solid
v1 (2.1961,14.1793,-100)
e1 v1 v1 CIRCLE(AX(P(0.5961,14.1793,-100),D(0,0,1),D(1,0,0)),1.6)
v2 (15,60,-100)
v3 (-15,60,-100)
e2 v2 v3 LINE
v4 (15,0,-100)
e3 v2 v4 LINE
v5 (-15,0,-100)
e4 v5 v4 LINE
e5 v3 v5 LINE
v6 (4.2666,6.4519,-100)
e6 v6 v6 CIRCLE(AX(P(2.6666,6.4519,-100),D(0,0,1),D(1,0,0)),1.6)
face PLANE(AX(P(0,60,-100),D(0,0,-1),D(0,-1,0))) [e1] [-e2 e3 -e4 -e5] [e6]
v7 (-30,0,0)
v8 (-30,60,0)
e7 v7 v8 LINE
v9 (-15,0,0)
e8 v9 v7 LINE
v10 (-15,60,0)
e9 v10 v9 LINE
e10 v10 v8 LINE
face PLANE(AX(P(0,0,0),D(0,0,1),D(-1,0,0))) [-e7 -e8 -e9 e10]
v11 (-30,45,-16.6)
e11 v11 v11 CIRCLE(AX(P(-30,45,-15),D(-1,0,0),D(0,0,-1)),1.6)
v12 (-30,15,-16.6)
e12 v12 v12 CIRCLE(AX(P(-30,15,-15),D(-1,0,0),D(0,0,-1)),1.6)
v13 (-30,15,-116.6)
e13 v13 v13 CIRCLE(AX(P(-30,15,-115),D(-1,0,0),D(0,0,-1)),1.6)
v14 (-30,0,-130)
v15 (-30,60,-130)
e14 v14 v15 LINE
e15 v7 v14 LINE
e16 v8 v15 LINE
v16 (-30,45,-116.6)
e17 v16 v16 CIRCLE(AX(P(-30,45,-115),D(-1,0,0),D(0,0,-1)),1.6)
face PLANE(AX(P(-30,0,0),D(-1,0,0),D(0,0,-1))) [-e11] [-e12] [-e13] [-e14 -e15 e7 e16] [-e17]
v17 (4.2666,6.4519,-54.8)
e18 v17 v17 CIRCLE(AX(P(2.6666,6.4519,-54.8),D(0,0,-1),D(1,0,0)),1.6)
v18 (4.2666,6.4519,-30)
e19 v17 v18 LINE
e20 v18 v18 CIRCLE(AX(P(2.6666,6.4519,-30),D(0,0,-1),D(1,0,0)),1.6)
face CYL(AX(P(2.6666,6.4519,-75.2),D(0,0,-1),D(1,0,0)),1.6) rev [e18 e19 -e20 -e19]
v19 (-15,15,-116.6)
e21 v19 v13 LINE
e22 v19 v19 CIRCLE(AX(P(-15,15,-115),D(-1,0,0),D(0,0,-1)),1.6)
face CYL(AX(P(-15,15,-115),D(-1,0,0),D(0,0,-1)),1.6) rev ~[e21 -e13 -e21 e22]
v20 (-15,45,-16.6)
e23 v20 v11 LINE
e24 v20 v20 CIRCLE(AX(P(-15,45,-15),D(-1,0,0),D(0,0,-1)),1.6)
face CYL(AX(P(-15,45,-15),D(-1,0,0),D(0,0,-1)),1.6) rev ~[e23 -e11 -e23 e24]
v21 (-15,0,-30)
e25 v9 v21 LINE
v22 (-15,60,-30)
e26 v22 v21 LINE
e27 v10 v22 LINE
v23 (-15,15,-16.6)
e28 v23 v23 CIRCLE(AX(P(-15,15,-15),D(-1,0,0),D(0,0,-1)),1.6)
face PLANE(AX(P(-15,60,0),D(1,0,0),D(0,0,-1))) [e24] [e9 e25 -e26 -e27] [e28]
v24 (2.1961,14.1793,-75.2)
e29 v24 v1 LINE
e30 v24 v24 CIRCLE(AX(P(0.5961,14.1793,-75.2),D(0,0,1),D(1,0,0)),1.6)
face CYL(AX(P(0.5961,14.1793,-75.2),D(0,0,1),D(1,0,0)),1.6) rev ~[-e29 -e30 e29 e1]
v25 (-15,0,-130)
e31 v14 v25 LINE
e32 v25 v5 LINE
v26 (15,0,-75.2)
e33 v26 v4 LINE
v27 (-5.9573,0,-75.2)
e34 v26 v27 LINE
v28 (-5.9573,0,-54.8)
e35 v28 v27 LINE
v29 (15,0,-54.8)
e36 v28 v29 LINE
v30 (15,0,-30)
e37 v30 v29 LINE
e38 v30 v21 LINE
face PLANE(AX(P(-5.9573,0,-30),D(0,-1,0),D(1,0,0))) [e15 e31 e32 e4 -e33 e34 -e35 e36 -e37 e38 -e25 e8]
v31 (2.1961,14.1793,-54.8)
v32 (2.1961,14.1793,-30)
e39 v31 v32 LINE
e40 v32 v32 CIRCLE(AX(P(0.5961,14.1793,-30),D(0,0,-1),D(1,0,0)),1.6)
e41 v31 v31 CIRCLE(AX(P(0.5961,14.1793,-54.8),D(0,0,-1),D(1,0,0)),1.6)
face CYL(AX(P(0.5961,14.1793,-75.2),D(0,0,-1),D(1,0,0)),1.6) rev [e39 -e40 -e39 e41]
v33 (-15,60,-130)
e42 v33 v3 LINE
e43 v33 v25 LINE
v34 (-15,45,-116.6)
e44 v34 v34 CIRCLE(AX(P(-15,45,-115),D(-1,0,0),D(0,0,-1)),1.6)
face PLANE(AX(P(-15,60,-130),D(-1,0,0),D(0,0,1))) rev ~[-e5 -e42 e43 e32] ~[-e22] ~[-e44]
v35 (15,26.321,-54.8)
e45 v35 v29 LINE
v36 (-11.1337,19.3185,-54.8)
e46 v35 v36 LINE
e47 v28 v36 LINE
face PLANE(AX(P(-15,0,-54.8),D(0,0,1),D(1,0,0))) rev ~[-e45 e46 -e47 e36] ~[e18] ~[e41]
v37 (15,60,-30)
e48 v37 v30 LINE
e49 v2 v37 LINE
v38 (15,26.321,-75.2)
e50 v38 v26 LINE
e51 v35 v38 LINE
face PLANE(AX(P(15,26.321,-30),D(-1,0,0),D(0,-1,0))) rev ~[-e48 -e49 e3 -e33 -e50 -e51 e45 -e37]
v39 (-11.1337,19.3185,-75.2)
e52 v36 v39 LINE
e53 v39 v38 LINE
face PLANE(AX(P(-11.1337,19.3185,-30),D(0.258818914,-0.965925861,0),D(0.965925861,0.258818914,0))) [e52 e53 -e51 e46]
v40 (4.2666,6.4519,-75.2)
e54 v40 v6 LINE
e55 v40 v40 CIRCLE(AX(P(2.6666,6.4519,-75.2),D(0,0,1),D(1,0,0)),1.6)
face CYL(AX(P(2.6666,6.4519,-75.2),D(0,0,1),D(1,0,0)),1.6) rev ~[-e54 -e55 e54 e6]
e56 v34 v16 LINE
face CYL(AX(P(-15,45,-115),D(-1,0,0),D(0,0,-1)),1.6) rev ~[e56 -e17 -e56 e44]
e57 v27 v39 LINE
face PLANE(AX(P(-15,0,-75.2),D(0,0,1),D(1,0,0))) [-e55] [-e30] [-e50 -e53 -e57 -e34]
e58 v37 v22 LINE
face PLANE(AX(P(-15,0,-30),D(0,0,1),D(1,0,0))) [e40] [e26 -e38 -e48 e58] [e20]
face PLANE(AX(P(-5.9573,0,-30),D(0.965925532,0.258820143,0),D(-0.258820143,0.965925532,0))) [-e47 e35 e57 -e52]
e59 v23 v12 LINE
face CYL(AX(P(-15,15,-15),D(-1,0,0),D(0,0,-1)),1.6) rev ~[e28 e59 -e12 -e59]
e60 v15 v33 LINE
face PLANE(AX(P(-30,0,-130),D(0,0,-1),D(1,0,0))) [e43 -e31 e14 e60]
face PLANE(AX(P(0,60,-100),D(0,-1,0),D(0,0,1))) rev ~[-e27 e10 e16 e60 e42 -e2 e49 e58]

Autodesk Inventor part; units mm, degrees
ref_plane "YZ Plane" through (0, 0, 0) normal (1, 0, 0) x (0, 1, 0)
ref_plane "XZ Plane" through (0, 0, 0) normal (0, 1, 0) x (-1, 0, 0)
ref_plane "XY Plane" through (0, 0, 0) normal (0, 0, 1) x (1, 0, 0)
sketch "スケッチ1" plane through (0, 0, 0) normal (0, 1, 0) x (-1, 0, 0)
  line L0 (0, 0) -> (30, 0)
  line L1 (30, 0) -> (30, -130)
  line L2 (30, -130) -> (0, -130)
  line L3 (0, -130) -> (0, 0)
  dimension "d0" = 30
  dimension "d1" = 130
extrude "押し出し1" add sketch "スケッチ1" along normal blind 60
sketch "スケッチ2" plane through (0, 60, 0) normal (0, 1, 0) x (1, 0, 0)
  line L0 (-30, 0) -> (0, 0) projected
  line L1 (0, 0) -> (-15, 0)
  line L2 (-15, 0) -> (-15, 30)
  line L3 (-15, 30) -> (0, 30)
  line L4 (0, 30) -> (0, 0)
  line L5 (0, 130) -> (-30, 130) projected
  line L6 (0, 130) -> (-15, 130)
  line L7 (-15, 130) -> (-15, 100)
  line L8 (-15, 100) -> (0, 100)
  line L9 (0, 100) -> (0, 130)
  dimension "d4" = 15
  dimension "d5" = 30
  dimension "d6" = 15
  dimension "d7" = 30
extrude "押し出し2" cut sketch "スケッチ2" against normal blind 60
sketch "スケッチ4" plane through (0, 0, -30) normal (1, 0, 0) x (0, 0, -1)
  line L0 (0, 0) -> (70, 0) projected
  line L1 (70, 60) -> (70, 0) projected
  line L2 (0, 0) -> (70, 0)
  line L3 (70, 0) -> (70, 60)
  line L4 (70, 60) -> (0, 60)
  line L5 (0, 60) -> (0, 0)
  point P0 (-30, 0)
extrude "押し出し3" add sketch "スケッチ4" along normal blind 15
sketch "スケッチ5" plane through (-15, 0, -30) normal (0, 0, 1) x (1, 0, 0)
  line L0 (30, 0) -> (0, 0) projected
  line L1 (9.0427, 0) -> (3.8663, 19.3185)
  line L2 (9.0427, 0) -> (29.0427, 0) construction
  line L3 (3.8663, 19.3185) -> (30, 26.321)
  line L4 (30, 26.321) -> (30, 0)
  line L5 (30, 0) -> (9.0427, 0)
  point P0 (15, 0)
  dimension "d15" = 20
  dimension "d16" = 105
extrude "押し出し4" cut sketch "スケッチ5" against normal blind 45.2
sketch "スケッチ6" plane through (-15, 0, -30) normal (0, 0, 1) x (1, 0, 0)
  line L0 (9.0427, 0) -> (3.8663, 19.3185) projected
  line L1 (3.8663, 19.3185) -> (9.0427, 0)
  line L2 (0, 0) -> (30, 0) projected
  line L3 (9.0427, 0) -> (30, 0)
  line L4 (30, 26.321) -> (30, 0) projected
  line L5 (30, 0) -> (30, 26.321)
  line L6 (30, 26.321) -> (3.8663, 19.3185)
  point P0 (15, 0)
extrude "押し出し5" add sketch "スケッチ6" against normal blind 24.8
sketch "スケッチ7" plane through (-15, 0, -30) normal (0, 0, 1) x (1, 0, 0)
  point P0 (15, 0)
sketch "スケッチ8" plane through (-15, 0, -75.2) normal (0, 0, 1) x (1, 0, 0)
  line L0 (9.0427, 0) -> (3.8663, 19.3185) projected
  line L1 (3.8663, 19.3185) -> (30, 26.321) projected
  circle A0 centre (15.5961, 14.1793) radius 1.6
  circle A1 centre (17.6666, 6.4519) radius 1.6
  point P0 (15, 0)
  dimension "d21" = 10
  dimension "d22" = 8
  dimension "d23" = 10
  dimension "d24" = 16
  dimension "d25" = 3.2
  dimension "d26" = 3.2
extrude "押し出し6" cut sketch "スケッチ8" along normal mid plane 100
sketch "スケッチ9" plane through (-15, 60, 0) normal (1, 0, 0) x (0, 0, -1)
  line L0 (0, 0) -> (30, 0) projected
  line L1 (0, -60) -> (0, 0) projected
  line L2 (100, 0) -> (130, 0) projected
  line L3 (130, 0) -> (130, -60) projected
  point P0 (15, -15)
  point P1 (15, -45)
  point P2 (115, -15)
  point P3 (115, -45)
  dimension "d29" = 15
  dimension "d30" = 15
  dimension "d31" = 15
  dimension "d32" = 45
  dimension "d33" = 15
  dimension "d34" = 15
  dimension "d35" = 30
  dimension "d36" = 15
hole "穴1" at (-15, 45, -15) at (-15, 15, -15) at (-15, 45, -115) at (-15, 15, -115) direction (-1, 0, 0) diameter 3.2 end through all
properties part number "ハンド_簡易4"
